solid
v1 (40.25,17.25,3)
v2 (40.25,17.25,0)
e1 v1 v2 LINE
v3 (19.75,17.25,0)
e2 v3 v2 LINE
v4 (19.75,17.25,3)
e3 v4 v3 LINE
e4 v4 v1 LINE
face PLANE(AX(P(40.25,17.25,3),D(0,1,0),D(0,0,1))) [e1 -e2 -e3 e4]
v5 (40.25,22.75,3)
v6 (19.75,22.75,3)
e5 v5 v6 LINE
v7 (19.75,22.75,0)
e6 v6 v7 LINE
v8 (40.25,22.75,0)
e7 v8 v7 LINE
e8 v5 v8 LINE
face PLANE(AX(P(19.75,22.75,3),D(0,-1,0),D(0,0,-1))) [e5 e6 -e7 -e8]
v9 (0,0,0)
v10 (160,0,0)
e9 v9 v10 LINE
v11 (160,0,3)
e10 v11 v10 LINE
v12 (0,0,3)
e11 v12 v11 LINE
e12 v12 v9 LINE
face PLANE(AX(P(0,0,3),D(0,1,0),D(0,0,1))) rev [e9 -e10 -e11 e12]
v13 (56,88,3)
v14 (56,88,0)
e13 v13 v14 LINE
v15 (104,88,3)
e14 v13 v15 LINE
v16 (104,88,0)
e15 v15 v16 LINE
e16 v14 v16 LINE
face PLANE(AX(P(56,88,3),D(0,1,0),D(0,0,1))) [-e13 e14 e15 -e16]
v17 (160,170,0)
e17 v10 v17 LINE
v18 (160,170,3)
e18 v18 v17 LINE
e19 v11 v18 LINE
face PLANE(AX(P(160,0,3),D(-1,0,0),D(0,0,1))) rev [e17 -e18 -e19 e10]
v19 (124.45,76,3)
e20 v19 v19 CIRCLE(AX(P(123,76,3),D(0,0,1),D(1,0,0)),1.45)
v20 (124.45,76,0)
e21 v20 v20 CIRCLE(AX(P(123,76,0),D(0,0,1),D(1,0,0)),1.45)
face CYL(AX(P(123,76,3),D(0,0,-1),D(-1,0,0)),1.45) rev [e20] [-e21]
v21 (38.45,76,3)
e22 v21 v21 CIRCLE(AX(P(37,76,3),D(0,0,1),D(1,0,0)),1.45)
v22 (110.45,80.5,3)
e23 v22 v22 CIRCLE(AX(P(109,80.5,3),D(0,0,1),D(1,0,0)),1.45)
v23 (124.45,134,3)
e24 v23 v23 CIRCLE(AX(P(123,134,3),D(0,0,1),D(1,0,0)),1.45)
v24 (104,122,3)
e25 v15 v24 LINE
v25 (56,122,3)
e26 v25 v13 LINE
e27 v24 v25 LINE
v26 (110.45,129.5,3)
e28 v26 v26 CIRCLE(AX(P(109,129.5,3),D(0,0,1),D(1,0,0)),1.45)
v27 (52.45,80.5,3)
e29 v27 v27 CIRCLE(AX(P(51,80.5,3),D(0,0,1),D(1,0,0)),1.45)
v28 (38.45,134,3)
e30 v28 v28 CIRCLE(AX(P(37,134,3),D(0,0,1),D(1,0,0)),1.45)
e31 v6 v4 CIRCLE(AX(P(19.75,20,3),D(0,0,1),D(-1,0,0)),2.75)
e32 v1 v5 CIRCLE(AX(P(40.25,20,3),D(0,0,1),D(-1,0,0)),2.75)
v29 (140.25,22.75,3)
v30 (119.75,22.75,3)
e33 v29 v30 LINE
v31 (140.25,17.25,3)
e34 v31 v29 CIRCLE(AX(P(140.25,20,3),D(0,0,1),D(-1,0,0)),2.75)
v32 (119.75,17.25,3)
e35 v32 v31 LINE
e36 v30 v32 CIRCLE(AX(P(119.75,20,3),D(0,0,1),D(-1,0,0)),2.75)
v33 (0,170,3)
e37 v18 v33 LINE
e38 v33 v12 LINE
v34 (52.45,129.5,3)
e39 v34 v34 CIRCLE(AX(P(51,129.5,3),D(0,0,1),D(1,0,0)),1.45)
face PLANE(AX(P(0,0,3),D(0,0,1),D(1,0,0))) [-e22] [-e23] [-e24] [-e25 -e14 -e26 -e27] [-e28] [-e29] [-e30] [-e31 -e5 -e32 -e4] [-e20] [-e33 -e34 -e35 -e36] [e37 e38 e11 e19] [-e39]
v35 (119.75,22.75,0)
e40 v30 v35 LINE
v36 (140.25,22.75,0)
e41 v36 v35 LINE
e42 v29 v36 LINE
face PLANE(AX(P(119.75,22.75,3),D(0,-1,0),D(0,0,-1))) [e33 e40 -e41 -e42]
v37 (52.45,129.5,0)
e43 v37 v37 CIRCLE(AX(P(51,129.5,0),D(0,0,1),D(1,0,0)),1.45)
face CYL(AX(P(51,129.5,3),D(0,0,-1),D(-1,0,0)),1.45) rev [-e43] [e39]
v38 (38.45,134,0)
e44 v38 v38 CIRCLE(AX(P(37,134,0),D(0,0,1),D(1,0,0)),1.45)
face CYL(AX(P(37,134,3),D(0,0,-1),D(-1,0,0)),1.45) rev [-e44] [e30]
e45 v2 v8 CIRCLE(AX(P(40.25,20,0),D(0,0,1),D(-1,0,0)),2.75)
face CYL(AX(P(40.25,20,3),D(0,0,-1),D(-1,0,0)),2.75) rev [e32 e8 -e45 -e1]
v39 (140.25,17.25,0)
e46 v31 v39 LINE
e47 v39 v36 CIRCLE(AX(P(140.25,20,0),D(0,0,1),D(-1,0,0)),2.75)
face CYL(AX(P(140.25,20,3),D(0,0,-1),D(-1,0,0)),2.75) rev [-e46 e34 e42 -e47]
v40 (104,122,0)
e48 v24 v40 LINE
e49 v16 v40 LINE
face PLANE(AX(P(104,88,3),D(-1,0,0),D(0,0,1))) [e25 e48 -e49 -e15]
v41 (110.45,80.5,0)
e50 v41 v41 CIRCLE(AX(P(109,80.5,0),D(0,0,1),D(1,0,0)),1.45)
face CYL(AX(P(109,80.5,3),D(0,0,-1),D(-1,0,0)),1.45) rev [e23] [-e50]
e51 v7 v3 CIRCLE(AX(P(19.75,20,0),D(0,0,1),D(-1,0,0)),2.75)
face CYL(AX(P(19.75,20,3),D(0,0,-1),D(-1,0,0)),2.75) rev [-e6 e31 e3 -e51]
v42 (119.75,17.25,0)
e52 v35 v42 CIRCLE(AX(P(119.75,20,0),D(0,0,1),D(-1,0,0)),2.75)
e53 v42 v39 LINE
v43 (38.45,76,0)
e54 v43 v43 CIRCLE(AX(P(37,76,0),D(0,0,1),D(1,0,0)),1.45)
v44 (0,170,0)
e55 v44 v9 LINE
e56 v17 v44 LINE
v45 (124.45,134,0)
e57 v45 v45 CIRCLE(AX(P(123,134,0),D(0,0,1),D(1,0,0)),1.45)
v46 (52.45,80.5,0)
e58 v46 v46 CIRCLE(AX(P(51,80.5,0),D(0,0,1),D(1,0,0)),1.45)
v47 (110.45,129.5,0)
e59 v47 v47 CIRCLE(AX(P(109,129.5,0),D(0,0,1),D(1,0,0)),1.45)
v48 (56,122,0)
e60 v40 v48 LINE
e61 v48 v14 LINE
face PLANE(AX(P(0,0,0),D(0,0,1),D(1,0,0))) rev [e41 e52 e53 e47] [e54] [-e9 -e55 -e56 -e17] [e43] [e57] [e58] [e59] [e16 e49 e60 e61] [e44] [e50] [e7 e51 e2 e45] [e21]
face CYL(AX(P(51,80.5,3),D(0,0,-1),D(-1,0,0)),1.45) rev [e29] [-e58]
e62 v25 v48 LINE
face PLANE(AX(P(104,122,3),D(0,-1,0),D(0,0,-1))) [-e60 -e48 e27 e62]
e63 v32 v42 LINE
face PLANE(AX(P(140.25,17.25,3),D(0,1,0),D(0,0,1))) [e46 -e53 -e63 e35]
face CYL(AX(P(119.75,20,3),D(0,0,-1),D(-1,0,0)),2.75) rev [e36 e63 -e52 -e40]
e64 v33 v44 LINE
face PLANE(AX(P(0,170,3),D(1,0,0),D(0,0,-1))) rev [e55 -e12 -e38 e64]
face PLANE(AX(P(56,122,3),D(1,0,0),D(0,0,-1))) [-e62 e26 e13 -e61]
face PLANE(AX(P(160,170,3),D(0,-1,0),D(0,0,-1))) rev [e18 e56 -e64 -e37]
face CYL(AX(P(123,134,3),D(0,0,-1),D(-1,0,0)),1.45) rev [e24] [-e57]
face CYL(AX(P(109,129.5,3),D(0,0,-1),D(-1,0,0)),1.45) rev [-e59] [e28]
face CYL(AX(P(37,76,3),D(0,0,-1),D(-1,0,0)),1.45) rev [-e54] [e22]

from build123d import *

# Parameters (mm, degrees)
COMPUTE_COMBO_PLATE_W   = 160
COMPUTE_COMBO_PLATE_H   = 170
COMPUTE_COMBO_PLATE_R   = 1.45
COMPUTE_COMBO_PLATE_W_2 = 48
COMPUTE_COMBO_PLATE_H_2 = 34
F_3MM_DEPTH             = 3


with BuildPart() as part:
    # 外形与孔位_compute_combo_plate → 板厚_3mm (new body)
    with BuildSketch(Plane.XY):
        with Locations((80, 85)):
            Rectangle(COMPUTE_COMBO_PLATE_W, COMPUTE_COMBO_PLATE_H)
        with Locations((51, 80.5)):
            Circle(COMPUTE_COMBO_PLATE_R, mode=Mode.SUBTRACT)
        with Locations((51, 129.5)):
            Circle(COMPUTE_COMBO_PLATE_R, mode=Mode.SUBTRACT)
        with Locations((109, 80.5)):
            Circle(COMPUTE_COMBO_PLATE_R, mode=Mode.SUBTRACT)
        with Locations((109, 129.5)):
            Circle(COMPUTE_COMBO_PLATE_R, mode=Mode.SUBTRACT)
        with Locations((37, 76)):
            Circle(COMPUTE_COMBO_PLATE_R, mode=Mode.SUBTRACT)
        with Locations((37, 134)):
            Circle(COMPUTE_COMBO_PLATE_R, mode=Mode.SUBTRACT)
        with Locations((123, 76)):
            Circle(COMPUTE_COMBO_PLATE_R, mode=Mode.SUBTRACT)
        with Locations((123, 134)):
            Circle(COMPUTE_COMBO_PLATE_R, mode=Mode.SUBTRACT)
        with Locations((80, 105)):
            Rectangle(COMPUTE_COMBO_PLATE_W_2, COMPUTE_COMBO_PLATE_H_2, mode=Mode.SUBTRACT)
        with BuildLine():
            Line((19.75, 22.75), (40.25, 22.75))
            ThreePointArc((40.25, 22.75), (43, 20), (40.25, 17.25))
            Line((40.25, 17.25), (19.75, 17.25))
            ThreePointArc((19.75, 17.25), (17, 20), (19.75, 22.75))
        make_face(mode=Mode.SUBTRACT)
        with BuildLine():
            Line((119.75, 22.75), (140.25, 22.75))
            ThreePointArc((140.25, 22.75), (143, 20), (140.25, 17.25))
            Line((140.25, 17.25), (119.75, 17.25))
            ThreePointArc((119.75, 17.25), (117, 20), (119.75, 22.75))
        make_face(mode=Mode.SUBTRACT)
    extrude(amount=F_3MM_DEPTH)


solid = part.part
